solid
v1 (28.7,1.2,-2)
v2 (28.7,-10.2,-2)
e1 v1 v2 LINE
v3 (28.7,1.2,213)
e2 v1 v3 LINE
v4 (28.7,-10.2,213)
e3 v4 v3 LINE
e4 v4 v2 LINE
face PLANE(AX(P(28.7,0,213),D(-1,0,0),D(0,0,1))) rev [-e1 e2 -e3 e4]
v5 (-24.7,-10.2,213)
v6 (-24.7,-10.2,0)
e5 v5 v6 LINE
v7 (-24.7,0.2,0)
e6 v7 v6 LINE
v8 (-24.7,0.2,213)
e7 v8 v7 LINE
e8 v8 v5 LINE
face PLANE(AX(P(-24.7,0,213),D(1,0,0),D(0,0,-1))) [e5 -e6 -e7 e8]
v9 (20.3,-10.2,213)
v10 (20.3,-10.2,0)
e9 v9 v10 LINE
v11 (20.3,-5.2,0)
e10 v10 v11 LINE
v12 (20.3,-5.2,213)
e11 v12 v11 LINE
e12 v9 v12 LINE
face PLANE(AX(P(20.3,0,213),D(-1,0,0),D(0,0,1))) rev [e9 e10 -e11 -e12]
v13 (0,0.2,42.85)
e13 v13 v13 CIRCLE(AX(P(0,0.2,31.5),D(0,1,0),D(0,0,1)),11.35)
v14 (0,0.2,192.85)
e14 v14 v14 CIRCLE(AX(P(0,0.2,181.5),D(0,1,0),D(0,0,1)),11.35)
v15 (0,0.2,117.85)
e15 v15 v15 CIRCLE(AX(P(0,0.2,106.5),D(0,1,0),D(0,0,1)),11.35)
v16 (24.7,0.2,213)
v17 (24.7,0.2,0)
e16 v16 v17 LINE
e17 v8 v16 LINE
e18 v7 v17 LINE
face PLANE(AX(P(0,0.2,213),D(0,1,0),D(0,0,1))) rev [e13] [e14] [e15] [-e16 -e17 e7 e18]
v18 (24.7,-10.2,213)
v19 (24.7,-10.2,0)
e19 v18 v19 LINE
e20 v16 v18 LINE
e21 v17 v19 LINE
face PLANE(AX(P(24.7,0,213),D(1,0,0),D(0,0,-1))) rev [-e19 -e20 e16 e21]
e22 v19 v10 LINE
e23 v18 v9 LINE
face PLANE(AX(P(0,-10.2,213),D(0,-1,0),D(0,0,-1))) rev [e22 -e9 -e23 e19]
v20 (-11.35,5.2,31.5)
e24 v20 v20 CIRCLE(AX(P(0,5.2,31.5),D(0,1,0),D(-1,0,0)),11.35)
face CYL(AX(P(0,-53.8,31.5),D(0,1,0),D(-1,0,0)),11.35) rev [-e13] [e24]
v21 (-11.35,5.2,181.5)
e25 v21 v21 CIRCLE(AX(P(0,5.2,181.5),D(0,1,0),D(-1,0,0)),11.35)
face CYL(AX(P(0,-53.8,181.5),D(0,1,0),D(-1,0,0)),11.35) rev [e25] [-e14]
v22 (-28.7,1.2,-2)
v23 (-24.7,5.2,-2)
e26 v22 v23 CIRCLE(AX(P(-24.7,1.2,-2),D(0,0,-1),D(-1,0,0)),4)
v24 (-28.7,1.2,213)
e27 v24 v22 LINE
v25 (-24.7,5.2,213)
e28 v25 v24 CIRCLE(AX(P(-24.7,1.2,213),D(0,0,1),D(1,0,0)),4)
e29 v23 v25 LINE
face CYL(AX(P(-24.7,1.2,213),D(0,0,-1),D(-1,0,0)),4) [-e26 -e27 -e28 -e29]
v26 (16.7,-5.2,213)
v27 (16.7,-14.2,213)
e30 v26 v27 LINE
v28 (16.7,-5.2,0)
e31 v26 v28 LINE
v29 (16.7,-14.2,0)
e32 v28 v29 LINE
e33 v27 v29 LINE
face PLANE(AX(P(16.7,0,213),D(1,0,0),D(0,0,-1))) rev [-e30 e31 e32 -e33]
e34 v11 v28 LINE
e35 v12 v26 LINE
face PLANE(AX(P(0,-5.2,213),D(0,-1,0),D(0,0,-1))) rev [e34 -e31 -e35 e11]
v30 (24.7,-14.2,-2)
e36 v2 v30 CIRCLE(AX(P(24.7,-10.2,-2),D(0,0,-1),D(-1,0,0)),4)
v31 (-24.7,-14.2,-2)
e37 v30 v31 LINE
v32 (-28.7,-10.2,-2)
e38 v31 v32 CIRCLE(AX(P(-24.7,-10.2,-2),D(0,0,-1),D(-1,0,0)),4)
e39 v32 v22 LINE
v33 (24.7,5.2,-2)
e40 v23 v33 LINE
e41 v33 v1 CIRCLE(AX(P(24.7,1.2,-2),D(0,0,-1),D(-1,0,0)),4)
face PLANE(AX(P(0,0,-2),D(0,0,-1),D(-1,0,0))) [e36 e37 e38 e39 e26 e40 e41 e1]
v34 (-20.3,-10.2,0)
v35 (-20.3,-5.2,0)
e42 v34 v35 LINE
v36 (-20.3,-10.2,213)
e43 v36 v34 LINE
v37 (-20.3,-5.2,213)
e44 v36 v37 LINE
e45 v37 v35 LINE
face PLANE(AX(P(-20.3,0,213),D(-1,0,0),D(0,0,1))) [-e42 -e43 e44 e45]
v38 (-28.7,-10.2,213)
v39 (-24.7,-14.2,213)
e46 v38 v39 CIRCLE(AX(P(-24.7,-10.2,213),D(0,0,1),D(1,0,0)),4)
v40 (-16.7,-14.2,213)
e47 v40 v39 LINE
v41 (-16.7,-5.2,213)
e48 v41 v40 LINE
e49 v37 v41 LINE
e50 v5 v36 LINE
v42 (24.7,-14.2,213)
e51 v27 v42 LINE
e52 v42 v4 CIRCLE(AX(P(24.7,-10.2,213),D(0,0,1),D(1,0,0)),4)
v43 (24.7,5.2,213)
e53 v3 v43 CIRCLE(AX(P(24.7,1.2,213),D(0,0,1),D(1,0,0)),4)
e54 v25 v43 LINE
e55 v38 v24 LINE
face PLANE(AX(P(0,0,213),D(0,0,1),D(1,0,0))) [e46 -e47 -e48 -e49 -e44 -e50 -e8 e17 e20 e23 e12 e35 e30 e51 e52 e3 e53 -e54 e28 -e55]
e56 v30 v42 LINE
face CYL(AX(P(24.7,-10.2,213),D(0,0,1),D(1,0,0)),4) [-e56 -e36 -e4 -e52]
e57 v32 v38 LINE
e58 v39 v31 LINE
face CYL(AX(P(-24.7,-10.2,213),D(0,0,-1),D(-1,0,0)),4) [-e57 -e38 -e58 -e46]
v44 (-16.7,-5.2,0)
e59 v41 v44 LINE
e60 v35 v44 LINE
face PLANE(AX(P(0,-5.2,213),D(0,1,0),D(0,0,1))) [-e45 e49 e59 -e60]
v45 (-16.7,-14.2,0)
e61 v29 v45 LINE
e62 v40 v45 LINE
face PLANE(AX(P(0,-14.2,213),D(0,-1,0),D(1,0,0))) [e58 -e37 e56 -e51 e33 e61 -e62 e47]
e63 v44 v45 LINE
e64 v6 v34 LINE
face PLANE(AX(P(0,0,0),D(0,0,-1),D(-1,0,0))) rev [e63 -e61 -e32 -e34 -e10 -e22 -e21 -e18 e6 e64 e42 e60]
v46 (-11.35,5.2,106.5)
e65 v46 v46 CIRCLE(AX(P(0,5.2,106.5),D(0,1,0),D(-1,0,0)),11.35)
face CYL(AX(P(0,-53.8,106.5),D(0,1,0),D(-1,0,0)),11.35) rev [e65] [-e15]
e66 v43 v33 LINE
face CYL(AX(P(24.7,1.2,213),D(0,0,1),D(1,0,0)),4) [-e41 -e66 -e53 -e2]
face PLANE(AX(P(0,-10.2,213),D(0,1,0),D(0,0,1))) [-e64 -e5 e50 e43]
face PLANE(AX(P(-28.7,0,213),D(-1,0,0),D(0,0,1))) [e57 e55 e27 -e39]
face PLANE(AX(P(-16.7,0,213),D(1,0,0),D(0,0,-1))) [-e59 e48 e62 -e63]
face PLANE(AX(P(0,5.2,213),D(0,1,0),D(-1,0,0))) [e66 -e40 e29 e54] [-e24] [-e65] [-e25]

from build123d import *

# Parameters (mm, degrees)
BOSS_EXTRUDE2_DEPTH = 213
SKETCH2_W           = 57.4
SKETCH2_H           = 19.4
BOSS_EXTRUDE3_DEPTH = 2
FILLET2_R           = 4
SKETCH3_R           = 11.35
CUT_EXTRUDE1_DEPTH  = 59


with BuildPart() as part:
    # Sketch1 → Boss-Extrude2 (new body)
    with BuildSketch(Plane.XY):
        Polygon((-24.7, 0.2), (0, 0.2), (0, 5.2), (-28.7, 5.2), (-28.7, -14.2), (-16.7, -14.2), (-16.7, -10), (-16.7, -5.2), (-20.3, -5.2), (-20.3, -10.2), (-24.7, -10.2), align=None)
        Polygon((0, 5.2), (0, 0.2), (24.7, 0.2), (24.7, -10.2), (20.3, -10.2), (20.3, -5.2), (16.7, -5.2), (16.7, -10), (16.7, -14.2), (28.7, -14.2), (28.7, 5.2), align=None)
    extrude(amount=BOSS_EXTRUDE2_DEPTH)

    # Sketch2 → Boss-Extrude3 (add)
    with BuildSketch(Plane(origin=(0, 0, 0), x_dir=(-1, 0, 0), z_dir=(0, 0, -1))):
        with Locations((0, -4.5)):
            Rectangle(SKETCH2_W, SKETCH2_H)
    extrude(amount=BOSS_EXTRUDE3_DEPTH)

    # Fillet2
    fillet2_edges = [part.edges().sort_by_distance(p)[0] for p in [
        (-28.7, -14.2, 105.5),
        (-28.7, 5.2, 105.5),
        (28.7, 5.2, 105.5),
        (28.7, -14.2, 105.5),
    ]]
    fillet(fillet2_edges, radius=FILLET2_R)

    # Sketch3 → Cut-Extrude1 (cut)
    with BuildSketch(Plane(origin=(0, 5.2, 0), x_dir=(1, 0, 0), z_dir=(0, 1, 0))):
        with Locations(Location((0, -31.5, 0), (0, 0, 180))):
            Circle(SKETCH3_R)
        with Locations(Location((0, -106.5, 0), (0, 0, 180))):
            Circle(SKETCH3_R)
        with Locations(Location((0, -181.5, 0), (0, 0, 180))):
            Circle(SKETCH3_R)
    extrude(amount=-CUT_EXTRUDE1_DEPTH, mode=Mode.SUBTRACT)


solid = part.part
